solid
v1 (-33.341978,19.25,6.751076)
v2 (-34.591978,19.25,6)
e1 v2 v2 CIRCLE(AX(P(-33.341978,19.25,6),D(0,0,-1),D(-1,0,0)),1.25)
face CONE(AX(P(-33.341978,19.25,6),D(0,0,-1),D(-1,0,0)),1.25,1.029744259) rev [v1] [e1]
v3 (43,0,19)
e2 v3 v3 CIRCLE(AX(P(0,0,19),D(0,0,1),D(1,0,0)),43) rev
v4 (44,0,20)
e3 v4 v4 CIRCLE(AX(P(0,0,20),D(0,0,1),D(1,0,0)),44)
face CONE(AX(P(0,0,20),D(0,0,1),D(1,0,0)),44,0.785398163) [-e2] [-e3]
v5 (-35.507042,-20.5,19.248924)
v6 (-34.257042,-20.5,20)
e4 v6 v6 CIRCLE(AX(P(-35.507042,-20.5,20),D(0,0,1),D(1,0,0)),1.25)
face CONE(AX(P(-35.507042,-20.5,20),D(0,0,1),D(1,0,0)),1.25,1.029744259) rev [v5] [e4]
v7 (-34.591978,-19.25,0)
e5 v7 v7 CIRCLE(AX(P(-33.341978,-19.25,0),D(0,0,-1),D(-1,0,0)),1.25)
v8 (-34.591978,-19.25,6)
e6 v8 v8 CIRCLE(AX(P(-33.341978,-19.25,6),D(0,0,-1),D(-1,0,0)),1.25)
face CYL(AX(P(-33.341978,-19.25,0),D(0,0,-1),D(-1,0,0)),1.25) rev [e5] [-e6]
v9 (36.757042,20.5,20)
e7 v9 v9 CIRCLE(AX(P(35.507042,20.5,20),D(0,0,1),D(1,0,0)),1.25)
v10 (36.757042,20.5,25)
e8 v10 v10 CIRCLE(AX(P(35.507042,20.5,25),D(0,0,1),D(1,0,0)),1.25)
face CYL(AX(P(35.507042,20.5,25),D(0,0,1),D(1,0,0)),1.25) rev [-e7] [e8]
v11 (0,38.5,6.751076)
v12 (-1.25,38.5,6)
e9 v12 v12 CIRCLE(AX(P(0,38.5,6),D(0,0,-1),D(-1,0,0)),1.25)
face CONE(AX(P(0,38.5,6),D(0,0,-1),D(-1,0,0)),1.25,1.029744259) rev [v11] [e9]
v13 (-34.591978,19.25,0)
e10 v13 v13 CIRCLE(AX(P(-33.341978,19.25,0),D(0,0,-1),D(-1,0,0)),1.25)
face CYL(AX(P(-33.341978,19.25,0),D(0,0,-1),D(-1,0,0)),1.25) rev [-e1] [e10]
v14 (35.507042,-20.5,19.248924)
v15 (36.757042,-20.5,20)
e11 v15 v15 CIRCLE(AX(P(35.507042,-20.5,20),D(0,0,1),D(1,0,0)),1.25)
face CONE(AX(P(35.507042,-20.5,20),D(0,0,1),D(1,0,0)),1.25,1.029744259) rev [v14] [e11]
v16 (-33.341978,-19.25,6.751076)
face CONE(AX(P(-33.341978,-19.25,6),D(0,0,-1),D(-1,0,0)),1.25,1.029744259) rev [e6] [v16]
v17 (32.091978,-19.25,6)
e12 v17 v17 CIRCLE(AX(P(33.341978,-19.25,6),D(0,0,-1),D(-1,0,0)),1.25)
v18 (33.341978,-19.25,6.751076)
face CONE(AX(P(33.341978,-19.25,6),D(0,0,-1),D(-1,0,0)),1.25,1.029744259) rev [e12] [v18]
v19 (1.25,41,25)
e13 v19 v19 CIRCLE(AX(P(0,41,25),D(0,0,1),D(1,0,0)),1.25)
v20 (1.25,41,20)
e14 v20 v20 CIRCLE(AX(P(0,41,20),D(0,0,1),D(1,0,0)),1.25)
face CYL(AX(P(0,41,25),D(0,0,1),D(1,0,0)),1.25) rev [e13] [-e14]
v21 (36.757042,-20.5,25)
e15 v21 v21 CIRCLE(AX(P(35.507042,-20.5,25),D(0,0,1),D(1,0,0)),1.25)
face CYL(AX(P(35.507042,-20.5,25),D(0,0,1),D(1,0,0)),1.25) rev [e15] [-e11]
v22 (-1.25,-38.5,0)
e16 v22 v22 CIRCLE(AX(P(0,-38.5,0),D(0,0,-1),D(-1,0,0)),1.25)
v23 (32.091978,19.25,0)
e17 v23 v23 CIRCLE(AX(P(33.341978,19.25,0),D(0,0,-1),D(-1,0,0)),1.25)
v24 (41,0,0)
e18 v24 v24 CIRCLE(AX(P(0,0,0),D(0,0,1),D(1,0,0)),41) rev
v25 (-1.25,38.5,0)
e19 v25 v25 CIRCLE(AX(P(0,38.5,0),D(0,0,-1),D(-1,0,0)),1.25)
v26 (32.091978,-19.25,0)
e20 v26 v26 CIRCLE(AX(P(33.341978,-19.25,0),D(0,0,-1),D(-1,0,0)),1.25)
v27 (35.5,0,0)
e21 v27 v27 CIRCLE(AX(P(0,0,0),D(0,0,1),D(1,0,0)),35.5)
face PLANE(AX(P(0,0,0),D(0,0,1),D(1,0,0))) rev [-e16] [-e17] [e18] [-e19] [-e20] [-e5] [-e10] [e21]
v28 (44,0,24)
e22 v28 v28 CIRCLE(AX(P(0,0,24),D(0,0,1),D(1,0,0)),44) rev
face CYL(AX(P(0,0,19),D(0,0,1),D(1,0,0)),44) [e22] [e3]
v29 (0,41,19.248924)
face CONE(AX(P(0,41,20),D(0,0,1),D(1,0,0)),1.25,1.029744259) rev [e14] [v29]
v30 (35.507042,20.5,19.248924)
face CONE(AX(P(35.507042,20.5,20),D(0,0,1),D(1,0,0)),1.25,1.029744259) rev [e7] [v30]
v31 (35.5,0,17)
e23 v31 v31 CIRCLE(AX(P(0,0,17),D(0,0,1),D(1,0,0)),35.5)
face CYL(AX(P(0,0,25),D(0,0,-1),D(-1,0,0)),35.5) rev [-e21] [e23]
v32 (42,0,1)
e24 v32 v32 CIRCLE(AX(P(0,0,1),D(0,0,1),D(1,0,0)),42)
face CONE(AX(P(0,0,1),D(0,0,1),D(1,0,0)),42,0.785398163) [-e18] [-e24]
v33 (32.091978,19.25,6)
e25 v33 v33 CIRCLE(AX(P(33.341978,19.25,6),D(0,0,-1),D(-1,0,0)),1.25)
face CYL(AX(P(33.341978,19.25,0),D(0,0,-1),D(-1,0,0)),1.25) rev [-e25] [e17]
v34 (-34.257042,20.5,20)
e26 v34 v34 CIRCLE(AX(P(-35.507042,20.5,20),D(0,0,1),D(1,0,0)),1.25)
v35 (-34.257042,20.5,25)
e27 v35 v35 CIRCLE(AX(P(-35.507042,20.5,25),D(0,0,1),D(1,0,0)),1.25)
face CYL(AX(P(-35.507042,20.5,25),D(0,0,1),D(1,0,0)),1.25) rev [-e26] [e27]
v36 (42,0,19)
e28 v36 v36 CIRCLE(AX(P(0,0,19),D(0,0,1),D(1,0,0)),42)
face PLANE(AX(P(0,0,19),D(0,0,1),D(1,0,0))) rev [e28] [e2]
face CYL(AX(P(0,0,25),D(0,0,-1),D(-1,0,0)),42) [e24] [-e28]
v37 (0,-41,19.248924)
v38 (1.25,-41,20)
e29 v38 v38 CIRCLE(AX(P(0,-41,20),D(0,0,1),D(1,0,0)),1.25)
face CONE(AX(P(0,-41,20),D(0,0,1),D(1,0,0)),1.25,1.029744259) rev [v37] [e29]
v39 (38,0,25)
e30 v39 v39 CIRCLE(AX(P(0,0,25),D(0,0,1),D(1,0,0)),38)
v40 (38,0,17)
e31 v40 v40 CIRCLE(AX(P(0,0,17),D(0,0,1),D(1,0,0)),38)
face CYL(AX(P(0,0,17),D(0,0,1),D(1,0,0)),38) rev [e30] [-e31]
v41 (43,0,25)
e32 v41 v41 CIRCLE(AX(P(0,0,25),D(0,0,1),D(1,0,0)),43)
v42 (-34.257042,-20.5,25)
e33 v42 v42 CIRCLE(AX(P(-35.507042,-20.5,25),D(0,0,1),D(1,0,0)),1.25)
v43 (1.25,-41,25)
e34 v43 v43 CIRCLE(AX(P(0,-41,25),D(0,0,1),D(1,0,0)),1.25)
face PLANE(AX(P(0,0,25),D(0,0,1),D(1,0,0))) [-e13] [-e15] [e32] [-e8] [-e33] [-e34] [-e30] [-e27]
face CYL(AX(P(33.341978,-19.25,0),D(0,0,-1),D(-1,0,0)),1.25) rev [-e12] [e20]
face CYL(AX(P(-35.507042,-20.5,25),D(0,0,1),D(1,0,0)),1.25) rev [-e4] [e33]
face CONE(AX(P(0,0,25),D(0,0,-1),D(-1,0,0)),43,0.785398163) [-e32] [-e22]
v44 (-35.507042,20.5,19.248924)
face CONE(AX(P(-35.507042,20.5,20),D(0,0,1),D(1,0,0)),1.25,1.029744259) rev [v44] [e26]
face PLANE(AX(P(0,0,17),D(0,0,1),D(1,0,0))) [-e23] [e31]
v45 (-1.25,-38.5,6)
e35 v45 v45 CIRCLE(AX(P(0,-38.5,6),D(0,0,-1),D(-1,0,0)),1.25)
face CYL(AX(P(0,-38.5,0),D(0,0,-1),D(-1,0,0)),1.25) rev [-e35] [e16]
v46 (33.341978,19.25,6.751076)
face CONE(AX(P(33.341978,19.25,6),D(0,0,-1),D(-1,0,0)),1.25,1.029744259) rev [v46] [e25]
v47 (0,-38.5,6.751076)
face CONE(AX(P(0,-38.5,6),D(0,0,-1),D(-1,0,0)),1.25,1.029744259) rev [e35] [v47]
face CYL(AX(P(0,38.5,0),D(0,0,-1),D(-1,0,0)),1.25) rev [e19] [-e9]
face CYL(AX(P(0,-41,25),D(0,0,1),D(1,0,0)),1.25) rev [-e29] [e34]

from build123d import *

# Parameters (mm, degrees)
SKETCH_1_R                       = 42
SKETCH_1_R_2                     = 35.5
EXTRUDE_1_DEPTH                  = 25
SKETCH_2_R                       = 38
CUT_EXTRUDE_1_DEPTH              = 8
HOLE_WIZARD_M3_1_D               = 2.5
HOLE_WIZARD_M3_1_DEPTH           = 6
HOLE_WIZARD_M3_1_TIP             = 0.751075774
SKETCH_10_R                      = 44
SKETCH_10_R_2                    = 42
EXTRUDE_2_DEPTH                  = 6
CHAMFER_1_SIZE                   = 1
HOLE_WIZARD_M3_3_D               = 2.5
HOLE_WIZARD_M3_3_DEPTH           = 5
HOLE_WIZARD_M3_3_TIP             = 0.751075774
HOLE_WIZARD_M3_3_ON_FACE_2_D     = 2.5
HOLE_WIZARD_M3_3_ON_FACE_2_DEPTH = 5
HOLE_WIZARD_M3_3_ON_FACE_2_TIP   = 0.751075774
CHAMFER_2_SIZE                   = 1


with BuildPart() as part:
    # 草图1 → 凸台-拉伸1 (new body)
    with BuildSketch(Plane.XY):
        Circle(SKETCH_1_R)
        Circle(SKETCH_1_R_2, mode=Mode.SUBTRACT)
    extrude(amount=EXTRUDE_1_DEPTH)

    # 草图2 → 切除-拉伸1 (cut)
    with BuildSketch(Plane.XY.offset(25)):
        Circle(SKETCH_2_R)
    extrude(amount=-CUT_EXTRUDE_1_DEPTH, mode=Mode.SUBTRACT)

    # M3 螺纹孔1
    with Locations(Plane(origin=(-33.341978046, 19.25, 0), x_dir=(-1, 0, 0), z_dir=(0, 0, -1))):
        with Locations((0, 0), (0, -38.5), (-33.341978046, -57.75), (-66.683956092, -38.5), (-66.683956092, 0), (-33.341978046, 19.25)):
            Hole(HOLE_WIZARD_M3_1_D / 2, depth=HOLE_WIZARD_M3_1_DEPTH)
            with Locations((0, 0, -(HOLE_WIZARD_M3_1_DEPTH + HOLE_WIZARD_M3_1_TIP / 2))):  # 118° drill point
                Cone(0, HOLE_WIZARD_M3_1_D / 2, HOLE_WIZARD_M3_1_TIP, mode=Mode.SUBTRACT)

    # 草图10 → 凸台-拉伸2 (add)
    with BuildSketch(Plane.XY.offset(25)):
        Circle(SKETCH_10_R)
        Circle(SKETCH_10_R_2, mode=Mode.SUBTRACT)
    extrude(amount=-EXTRUDE_2_DEPTH)

    # 倒角1
    chamfer_1_edges = [part.edges().sort_by_distance(p)[0] for p in [
        (-42, 0, 0),
    ]]
    chamfer(chamfer_1_edges, length=CHAMFER_1_SIZE)

    # M3 螺纹孔3
    with Locations(Plane(origin=(35.507041555, 20.5, 25), x_dir=(1, 0, 0), z_dir=(0, 0, 1))):
        with Locations((0, 0), (0, -41), (-35.507041555, 20.5), (-35.507041555, -61.5), (-71.01408311, -41), (-71.01408311, 0)):
            Hole(HOLE_WIZARD_M3_3_D / 2, depth=HOLE_WIZARD_M3_3_DEPTH)
            with Locations((0, 0, -(HOLE_WIZARD_M3_3_DEPTH + HOLE_WIZARD_M3_3_TIP / 2))):  # 118° drill point
                Cone(0, HOLE_WIZARD_M3_3_D / 2, HOLE_WIZARD_M3_3_TIP, mode=Mode.SUBTRACT)

    # M3 螺纹孔3 on face 2
    with Locations(Plane(origin=(84.616598131, -20.470458883, 0), x_dir=(1, 0, 0), z_dir=(0, 0, 1))):
        with Locations((0, 0)):
            Hole(HOLE_WIZARD_M3_3_ON_FACE_2_D / 2, depth=HOLE_WIZARD_M3_3_ON_FACE_2_DEPTH)
            with Locations((0, 0, -(HOLE_WIZARD_M3_3_ON_FACE_2_DEPTH + HOLE_WIZARD_M3_3_ON_FACE_2_TIP / 2))):  # 118° drill point
                Cone(0, HOLE_WIZARD_M3_3_ON_FACE_2_D / 2, HOLE_WIZARD_M3_3_ON_FACE_2_TIP, mode=Mode.SUBTRACT)

    # 倒角2
    chamfer_2_edges = [part.edges().sort_by_distance(p)[0] for p in [
        (-44, 0, 19),
        (-44, 0, 25),
    ]]
    chamfer(chamfer_2_edges, length=CHAMFER_2_SIZE)


solid = part.part
